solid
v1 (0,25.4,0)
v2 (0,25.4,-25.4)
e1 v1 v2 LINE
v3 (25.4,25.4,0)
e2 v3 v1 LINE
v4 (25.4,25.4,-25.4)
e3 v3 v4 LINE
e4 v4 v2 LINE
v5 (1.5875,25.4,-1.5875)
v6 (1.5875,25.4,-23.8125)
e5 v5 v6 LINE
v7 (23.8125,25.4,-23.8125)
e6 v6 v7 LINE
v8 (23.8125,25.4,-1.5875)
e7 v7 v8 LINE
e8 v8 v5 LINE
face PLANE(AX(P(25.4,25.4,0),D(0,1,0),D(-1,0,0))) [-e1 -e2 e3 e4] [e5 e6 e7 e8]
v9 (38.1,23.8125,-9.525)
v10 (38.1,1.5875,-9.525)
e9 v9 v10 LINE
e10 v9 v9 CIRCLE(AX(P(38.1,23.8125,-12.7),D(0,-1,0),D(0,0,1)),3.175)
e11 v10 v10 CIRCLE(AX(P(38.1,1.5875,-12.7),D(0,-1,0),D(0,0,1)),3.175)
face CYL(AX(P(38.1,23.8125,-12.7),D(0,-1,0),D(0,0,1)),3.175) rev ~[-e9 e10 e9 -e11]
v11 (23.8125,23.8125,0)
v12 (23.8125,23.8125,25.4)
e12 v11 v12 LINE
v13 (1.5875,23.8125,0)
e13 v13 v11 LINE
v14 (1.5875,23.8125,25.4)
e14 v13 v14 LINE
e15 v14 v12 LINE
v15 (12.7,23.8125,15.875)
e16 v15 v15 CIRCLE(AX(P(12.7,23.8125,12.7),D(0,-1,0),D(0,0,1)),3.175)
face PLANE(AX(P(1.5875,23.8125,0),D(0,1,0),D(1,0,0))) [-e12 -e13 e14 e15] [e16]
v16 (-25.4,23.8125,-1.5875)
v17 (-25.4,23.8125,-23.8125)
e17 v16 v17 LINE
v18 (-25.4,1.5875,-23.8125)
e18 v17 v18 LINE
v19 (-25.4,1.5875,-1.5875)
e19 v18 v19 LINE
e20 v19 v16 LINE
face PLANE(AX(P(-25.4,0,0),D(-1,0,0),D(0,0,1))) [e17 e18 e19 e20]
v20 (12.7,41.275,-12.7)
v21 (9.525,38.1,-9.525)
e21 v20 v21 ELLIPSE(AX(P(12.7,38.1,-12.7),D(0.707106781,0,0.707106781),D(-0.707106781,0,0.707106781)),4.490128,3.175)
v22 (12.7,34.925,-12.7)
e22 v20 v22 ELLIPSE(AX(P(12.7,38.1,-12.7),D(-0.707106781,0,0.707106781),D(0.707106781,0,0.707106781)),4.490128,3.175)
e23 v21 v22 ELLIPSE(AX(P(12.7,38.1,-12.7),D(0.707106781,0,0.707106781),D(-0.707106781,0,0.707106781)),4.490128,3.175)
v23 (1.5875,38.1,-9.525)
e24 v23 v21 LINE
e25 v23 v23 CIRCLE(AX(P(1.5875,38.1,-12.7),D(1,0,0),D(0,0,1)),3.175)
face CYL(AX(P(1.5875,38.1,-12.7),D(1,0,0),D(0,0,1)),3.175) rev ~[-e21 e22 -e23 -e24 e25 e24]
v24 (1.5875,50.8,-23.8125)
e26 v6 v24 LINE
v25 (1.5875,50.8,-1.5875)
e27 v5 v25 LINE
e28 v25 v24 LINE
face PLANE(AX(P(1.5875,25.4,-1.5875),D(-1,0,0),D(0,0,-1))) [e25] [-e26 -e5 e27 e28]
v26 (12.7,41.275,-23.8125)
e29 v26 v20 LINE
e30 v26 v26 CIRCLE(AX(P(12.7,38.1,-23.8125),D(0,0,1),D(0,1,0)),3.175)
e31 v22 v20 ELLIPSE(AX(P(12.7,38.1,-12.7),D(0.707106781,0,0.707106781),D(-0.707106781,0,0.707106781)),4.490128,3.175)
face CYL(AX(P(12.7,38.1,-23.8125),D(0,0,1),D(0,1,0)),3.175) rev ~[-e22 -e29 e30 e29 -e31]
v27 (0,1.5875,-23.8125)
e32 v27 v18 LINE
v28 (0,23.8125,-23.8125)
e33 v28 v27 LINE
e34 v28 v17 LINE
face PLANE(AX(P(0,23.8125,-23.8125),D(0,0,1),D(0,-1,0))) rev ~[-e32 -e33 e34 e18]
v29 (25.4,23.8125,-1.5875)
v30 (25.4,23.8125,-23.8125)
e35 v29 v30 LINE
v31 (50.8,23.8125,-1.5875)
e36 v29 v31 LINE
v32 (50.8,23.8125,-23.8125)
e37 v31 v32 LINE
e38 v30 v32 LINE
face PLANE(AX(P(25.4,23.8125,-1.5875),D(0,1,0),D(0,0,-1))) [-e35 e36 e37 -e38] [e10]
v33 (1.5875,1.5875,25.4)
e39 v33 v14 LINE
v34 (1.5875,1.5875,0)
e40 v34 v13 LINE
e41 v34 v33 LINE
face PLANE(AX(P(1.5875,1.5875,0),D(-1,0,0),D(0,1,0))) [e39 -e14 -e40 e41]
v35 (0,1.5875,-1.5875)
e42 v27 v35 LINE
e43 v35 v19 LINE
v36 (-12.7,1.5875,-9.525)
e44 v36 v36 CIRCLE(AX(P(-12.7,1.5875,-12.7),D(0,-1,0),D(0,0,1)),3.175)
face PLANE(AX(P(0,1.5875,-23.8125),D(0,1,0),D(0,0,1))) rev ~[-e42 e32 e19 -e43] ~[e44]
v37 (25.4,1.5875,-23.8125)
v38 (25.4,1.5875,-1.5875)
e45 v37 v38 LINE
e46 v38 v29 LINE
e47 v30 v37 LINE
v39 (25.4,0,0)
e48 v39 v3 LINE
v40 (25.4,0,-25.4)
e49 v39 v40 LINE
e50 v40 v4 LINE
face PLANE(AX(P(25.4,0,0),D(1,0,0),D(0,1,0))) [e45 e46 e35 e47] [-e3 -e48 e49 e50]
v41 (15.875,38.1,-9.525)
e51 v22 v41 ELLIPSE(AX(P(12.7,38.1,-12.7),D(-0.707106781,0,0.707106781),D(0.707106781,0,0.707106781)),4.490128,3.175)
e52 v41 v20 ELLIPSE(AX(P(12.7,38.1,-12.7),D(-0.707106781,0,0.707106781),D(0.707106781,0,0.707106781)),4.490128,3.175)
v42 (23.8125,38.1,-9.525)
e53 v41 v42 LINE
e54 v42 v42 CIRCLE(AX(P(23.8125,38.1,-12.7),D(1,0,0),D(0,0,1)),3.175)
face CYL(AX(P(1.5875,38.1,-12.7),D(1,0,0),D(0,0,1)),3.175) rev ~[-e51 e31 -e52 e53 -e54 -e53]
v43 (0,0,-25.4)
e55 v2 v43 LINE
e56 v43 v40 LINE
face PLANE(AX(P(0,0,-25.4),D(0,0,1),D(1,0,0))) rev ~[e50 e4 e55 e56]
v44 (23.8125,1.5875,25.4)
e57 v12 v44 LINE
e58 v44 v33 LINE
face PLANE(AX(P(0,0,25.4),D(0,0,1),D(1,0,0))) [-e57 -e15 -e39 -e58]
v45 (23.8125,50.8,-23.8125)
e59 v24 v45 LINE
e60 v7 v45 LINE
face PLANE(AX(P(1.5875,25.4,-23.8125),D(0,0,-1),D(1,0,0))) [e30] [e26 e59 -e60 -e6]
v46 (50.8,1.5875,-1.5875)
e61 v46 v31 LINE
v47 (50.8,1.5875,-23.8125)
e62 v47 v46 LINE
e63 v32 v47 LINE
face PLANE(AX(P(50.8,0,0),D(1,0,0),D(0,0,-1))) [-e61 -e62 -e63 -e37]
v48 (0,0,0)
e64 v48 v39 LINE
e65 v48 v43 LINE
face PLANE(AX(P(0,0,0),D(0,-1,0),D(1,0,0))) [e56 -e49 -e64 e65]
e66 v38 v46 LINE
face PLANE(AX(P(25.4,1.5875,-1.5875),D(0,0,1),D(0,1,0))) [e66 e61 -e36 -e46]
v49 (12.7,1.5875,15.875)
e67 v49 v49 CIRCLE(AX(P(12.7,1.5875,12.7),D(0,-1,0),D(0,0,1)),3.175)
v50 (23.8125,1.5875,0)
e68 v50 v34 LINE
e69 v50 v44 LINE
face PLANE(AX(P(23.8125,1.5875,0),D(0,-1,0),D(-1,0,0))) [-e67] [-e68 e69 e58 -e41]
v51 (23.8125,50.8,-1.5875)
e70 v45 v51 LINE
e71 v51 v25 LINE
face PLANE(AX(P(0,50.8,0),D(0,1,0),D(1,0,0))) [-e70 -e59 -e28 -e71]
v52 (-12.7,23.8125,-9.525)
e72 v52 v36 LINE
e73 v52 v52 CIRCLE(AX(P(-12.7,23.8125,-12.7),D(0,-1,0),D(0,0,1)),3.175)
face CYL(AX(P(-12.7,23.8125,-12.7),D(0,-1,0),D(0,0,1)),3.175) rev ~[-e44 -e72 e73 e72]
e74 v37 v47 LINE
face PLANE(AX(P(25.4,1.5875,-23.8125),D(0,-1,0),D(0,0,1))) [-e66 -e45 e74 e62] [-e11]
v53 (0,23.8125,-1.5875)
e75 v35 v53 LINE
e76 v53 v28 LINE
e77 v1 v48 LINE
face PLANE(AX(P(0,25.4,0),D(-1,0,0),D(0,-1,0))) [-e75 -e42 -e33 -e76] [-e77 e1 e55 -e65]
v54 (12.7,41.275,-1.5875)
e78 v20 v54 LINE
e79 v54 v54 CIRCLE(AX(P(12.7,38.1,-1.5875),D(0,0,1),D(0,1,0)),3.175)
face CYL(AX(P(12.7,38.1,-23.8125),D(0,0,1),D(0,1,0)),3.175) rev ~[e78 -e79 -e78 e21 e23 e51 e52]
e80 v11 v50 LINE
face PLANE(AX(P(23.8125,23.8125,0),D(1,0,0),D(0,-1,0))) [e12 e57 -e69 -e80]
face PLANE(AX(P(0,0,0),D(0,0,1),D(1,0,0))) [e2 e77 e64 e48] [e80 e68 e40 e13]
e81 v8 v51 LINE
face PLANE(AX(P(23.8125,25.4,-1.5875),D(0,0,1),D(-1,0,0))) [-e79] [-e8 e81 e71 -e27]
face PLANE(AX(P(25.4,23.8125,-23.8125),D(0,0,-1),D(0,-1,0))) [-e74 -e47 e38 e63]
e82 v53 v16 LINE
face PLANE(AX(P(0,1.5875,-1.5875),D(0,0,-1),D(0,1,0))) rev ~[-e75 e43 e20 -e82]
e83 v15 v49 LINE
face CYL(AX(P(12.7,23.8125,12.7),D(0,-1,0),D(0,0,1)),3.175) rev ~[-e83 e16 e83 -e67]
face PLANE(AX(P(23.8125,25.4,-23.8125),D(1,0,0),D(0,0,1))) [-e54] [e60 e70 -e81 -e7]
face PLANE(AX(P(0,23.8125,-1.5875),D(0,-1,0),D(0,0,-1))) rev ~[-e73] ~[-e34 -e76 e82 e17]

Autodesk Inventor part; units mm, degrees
ref_plane "YZ Plane" through (0, 0, 0) normal (1, 0, 0) x (0, 1, 0)
ref_plane "XZ Plane" through (0, 0, 0) normal (0, 1, 0) x (-1, 0, 0)
ref_plane "XY Plane" through (0, 0, 0) normal (0, 0, 1) x (1, 0, 0)
sketch "Sketch1" plane through (0, 0, 0) normal (0, 0, 1) x (1, 0, 0)
  line L0 (0, 0) -> (25.4, 0)
  line L1 (25.4, 0) -> (25.4, 25.4)
  line L2 (25.4, 25.4) -> (0, 25.4)
  line L3 (0, 25.4) -> (0, 0)
  line L4 (1.5875, 23.8125) -> (23.8125, 23.8125)
  line L5 (23.8125, 23.8125) -> (23.8125, 1.5875)
  line L6 (23.8125, 1.5875) -> (1.5875, 1.5875)
  line L7 (1.5875, 1.5875) -> (1.5875, 23.8125)
  dimension "d0" = 25.4
  dimension "d1" = 25.4
  dimension "d4" = 1.5875
extrude "Extrusion1" add sketch "Sketch1" against normal blind 25.4 contours L3 L2 L1 L0 | L4 L5 L6 L7
extrude "Extrusion2" add sketch "Sketch1" along normal blind 25.4 contours L4 L5 L6 L7
sketch "Sketch2" plane through (25.4, 0, 0) normal (1, 0, 0) x (0, 0, -1)
  line L0 (25.4, 0) -> (25.4, 25.4) projected
  line L1 (0, 25.4) -> (25.4, 25.4) projected
  line L2 (0, 0) -> (0, 25.4) projected
  line L3 (0, 0) -> (25.4, 0) projected
  line L4 (23.8125, 23.8125) -> (23.8125, 1.5875)
  line L5 (23.8125, 1.5875) -> (1.5875, 1.5875)
  line L6 (1.5875, 1.5875) -> (1.5875, 23.8125)
  line L7 (1.5875, 23.8125) -> (23.8125, 23.8125)
  dimension "d8" = 1.5875
sketch "Sketch3" plane through (0, 25.4, 0) normal (0, 1, 0) x (1, 0, 0)
  line L0 (25.4, 25.4) -> (0, 25.4) projected
  line L1 (0, 0) -> (0, 25.4) projected
  line L2 (25.4, 0) -> (0, 0) projected
  line L3 (25.4, 0) -> (25.4, 25.4) projected
  line L4 (1.5875, 23.8125) -> (23.8125, 23.8125)
  line L5 (23.8125, 23.8125) -> (23.8125, 1.5875)
  line L6 (23.8125, 1.5875) -> (1.5875, 1.5875)
  line L7 (1.5875, 1.5875) -> (1.5875, 23.8125)
  dimension "d9" = 1.5875
extrude "Extrusion3" add sketch "Sketch2" along normal blind 25.4 contours L4 L5 L6 L7
extrude "Extrusion4" add sketch "Sketch3" along normal blind 25.4 contours L4 L5 L6 L7
sketch "Sketch4" plane through (0, 0, 0) normal (-1, 0, 0) x (0, 0, 1)
  line L0 (-25.4, 25.4) -> (-25.4, 0) projected
  line L1 (0, 0) -> (-25.4, 0) projected
  line L2 (0, 25.4) -> (0, 0) projected
  line L3 (0, 25.4) -> (-25.4, 25.4) projected
  line L4 (-23.8125, 23.8125) -> (-23.8125, 1.5875)
  line L5 (-23.8125, 1.5875) -> (-1.5875, 1.5875)
  line L6 (-1.5875, 1.5875) -> (-1.5875, 23.8125)
  line L7 (-1.5875, 23.8125) -> (-23.8125, 23.8125)
  dimension "d15" = 1.5875
extrude "Extrusion5" add sketch "Sketch4" along normal blind 25.4 contours L7 L6 L5 L4
sketch "Sketch6" plane through (0, 23.8125, -1.5875) normal (0, 1, 0) x (1, 0, 0)
  line L0 (-25.4, 22.225) -> (-25.4, 0) projected
  line L1 (0, 22.225) -> (0, 0) projected
  line L2 (0, 22.225) -> (-25.4, 22.225) projected
  line L3 (25.4, -1.5875) -> (0, -1.5875) projected
  point P0 (-12.7, 11.1125)
  point P1 (12.7, -14.2875)
  point P2 (38.1, 11.1125)
  dimension "d21" = 12.7
  dimension "d22" = 50.8
  dimension "d23" = 11.1125
  dimension "d24" = 12.7
  dimension "d25" = 12.7
hole "Hole1" at (-12.7, 23.8125, -12.7) at (12.7, 23.8125, 12.7) at (38.1, 23.8125, -12.7) direction (0, -1, 0) diameter 6.35 depth 25.4 tip angle 118
sketch "Sketch7" plane through (23.8125, 25.4, -23.8125) normal (0, 0, -1) x (-1, 0, 0)
  point P0 (23.8125, -25.4)
  point P1 (11.1125, 12.7)
hole "Hole2" at (12.7, 38.1, -23.8125) direction (0, 0, 1) diameter 6.35 depth 25.4 tip angle 118
sketch "Sketch8" plane through (1.5875, 25.4, -23.8125) normal (-1, 0, 0) x (0, 0, 1)
  point P0 (23.8125, -25.4)
  point P1 (11.1125, 12.7)
hole "Hole3" at (1.5875, 38.1, -12.7) direction (1, 0, 0) diameter 6.35 depth 25.4 tip angle 118
properties part number "4-way corner"
